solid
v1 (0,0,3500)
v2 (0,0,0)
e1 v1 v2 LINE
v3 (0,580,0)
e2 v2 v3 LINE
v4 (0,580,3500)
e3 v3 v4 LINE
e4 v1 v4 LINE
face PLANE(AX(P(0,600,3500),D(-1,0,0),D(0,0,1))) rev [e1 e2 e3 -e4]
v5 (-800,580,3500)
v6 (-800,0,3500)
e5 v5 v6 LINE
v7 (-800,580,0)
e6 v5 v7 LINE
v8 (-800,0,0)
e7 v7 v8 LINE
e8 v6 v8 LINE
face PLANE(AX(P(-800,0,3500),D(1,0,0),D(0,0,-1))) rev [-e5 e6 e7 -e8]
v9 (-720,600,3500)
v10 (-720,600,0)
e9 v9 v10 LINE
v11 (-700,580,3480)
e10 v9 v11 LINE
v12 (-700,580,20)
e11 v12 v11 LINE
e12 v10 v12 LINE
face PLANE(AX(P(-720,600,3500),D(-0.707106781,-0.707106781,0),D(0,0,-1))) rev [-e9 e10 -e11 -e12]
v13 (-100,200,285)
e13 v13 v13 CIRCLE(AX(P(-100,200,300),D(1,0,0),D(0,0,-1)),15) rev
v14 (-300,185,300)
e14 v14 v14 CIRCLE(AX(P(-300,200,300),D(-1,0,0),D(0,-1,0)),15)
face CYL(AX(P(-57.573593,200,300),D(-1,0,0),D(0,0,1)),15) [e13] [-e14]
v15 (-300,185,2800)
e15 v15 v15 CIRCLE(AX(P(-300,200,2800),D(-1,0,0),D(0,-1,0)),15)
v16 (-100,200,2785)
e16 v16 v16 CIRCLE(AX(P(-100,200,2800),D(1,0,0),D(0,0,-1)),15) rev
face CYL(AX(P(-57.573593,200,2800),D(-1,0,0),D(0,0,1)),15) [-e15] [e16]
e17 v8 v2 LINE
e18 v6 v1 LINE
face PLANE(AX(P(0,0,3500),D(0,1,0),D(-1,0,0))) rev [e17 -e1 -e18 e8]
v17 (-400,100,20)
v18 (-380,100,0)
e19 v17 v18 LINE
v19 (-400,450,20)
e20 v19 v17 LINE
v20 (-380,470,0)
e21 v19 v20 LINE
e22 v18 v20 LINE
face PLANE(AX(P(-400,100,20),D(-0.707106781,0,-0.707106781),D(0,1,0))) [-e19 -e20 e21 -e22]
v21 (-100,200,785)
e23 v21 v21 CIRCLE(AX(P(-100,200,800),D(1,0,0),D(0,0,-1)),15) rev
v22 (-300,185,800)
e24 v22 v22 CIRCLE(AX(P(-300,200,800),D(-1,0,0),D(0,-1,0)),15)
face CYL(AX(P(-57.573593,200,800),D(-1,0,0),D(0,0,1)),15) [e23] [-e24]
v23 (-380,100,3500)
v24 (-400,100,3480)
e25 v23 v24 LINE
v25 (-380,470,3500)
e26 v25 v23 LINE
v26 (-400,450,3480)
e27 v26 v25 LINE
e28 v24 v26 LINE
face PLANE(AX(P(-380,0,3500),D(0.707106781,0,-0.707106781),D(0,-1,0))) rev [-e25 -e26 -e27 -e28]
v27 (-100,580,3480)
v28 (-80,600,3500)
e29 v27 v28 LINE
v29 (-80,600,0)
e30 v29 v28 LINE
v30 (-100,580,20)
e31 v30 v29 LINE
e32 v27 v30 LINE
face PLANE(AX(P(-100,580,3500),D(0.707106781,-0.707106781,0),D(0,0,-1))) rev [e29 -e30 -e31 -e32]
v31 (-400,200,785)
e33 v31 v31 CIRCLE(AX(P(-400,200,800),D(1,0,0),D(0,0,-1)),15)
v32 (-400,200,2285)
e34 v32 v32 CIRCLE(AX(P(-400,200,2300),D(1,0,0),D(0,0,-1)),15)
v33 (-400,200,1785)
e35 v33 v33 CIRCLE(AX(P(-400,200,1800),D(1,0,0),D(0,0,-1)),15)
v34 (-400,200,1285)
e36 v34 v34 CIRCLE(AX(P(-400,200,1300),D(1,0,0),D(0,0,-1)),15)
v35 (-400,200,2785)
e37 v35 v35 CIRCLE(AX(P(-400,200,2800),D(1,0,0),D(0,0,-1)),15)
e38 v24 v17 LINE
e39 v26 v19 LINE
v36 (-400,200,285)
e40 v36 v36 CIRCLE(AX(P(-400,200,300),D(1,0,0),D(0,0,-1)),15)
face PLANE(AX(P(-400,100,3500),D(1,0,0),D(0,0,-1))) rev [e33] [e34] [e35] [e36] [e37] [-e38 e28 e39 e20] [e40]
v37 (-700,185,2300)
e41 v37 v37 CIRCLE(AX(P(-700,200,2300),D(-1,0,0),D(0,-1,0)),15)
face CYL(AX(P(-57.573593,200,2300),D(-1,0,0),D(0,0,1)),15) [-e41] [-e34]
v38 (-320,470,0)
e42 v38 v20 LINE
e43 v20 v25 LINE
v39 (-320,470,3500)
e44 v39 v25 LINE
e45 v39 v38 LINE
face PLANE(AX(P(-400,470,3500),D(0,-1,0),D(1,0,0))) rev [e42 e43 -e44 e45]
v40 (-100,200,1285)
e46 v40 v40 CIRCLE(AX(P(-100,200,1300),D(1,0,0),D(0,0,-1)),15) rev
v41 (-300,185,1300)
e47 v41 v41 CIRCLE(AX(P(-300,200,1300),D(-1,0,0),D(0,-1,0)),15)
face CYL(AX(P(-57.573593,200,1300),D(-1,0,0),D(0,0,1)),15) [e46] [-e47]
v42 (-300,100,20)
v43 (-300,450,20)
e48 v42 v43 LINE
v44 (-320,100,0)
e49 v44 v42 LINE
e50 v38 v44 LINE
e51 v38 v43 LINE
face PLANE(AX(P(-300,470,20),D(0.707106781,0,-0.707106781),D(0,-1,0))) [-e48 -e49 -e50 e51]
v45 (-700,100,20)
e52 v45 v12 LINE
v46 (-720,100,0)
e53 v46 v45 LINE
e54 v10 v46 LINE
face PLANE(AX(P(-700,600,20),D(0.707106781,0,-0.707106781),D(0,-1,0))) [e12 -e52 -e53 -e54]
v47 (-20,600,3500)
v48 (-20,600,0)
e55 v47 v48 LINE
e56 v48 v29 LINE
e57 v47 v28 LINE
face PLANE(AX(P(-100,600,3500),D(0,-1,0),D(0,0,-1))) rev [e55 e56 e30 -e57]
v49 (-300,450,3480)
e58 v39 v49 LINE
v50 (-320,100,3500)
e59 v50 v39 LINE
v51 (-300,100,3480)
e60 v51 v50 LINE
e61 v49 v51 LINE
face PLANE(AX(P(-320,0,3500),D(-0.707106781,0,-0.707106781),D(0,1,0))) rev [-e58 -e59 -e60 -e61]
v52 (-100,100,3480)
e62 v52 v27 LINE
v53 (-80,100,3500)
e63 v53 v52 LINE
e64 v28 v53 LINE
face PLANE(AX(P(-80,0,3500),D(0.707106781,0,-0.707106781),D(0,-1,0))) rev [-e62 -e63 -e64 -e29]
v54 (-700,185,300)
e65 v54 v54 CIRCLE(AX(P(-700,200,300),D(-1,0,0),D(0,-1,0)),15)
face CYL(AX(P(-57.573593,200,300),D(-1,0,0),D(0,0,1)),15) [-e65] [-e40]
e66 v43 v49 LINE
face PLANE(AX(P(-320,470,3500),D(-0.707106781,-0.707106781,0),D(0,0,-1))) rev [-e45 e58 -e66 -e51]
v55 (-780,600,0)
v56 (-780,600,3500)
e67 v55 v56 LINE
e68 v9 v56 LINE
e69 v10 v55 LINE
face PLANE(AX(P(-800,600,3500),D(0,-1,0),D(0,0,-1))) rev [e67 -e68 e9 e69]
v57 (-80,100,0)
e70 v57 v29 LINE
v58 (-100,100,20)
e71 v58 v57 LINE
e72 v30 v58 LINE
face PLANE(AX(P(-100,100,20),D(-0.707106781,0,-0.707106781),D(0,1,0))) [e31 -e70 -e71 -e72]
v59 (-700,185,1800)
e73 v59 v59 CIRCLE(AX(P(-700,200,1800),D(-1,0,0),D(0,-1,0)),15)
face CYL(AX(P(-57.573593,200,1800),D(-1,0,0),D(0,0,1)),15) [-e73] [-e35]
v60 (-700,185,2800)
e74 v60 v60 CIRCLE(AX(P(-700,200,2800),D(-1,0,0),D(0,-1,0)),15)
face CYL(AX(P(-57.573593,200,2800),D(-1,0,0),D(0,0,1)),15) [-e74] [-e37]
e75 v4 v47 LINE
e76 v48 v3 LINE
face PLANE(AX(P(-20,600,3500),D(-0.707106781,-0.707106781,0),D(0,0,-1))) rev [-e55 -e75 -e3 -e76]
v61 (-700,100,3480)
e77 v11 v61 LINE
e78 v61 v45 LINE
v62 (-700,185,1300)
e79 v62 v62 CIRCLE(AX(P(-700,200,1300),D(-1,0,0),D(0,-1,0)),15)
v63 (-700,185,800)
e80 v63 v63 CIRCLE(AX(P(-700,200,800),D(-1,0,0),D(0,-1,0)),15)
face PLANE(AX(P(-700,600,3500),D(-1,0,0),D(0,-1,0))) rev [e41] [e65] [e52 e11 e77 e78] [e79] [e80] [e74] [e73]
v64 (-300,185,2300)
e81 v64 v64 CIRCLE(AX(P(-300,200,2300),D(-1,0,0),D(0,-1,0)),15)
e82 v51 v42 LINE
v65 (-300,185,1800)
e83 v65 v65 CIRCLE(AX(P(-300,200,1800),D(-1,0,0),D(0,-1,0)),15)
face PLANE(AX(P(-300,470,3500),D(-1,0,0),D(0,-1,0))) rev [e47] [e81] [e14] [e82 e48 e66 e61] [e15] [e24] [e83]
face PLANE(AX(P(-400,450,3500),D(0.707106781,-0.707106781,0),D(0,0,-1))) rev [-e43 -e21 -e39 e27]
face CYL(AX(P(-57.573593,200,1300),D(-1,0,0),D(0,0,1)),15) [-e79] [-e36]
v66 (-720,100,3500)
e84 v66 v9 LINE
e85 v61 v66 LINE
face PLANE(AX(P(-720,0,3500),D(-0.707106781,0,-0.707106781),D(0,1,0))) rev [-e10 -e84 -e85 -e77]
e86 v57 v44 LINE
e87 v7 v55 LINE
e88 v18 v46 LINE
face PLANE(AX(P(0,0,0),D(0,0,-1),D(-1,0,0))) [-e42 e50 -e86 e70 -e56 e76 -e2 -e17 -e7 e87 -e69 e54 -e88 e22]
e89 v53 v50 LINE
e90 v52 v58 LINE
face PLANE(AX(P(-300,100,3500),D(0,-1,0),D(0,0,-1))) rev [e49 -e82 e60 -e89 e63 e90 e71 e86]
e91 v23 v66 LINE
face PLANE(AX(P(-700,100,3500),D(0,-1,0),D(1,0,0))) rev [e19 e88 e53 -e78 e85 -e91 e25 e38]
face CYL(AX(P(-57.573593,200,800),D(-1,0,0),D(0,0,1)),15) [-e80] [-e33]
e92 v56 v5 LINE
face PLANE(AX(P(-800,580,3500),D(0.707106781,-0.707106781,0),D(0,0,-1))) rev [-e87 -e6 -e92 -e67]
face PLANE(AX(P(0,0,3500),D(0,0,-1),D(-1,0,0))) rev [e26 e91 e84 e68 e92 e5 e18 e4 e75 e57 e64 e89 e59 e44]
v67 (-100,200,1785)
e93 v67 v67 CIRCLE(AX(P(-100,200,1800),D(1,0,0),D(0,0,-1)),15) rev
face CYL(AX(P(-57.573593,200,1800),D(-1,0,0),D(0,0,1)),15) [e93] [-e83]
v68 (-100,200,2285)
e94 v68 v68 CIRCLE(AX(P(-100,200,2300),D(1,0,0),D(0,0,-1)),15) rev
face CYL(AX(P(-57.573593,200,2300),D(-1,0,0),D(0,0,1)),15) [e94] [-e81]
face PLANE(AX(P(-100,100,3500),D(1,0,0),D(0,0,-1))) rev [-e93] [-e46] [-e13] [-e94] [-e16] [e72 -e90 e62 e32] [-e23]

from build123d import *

# Parameters (mm, degrees)
SALIENTE_EXTRUIR1_DEPTH = 3500
CHAFL_N2_SIZE           = 20
SALIENTE_EXTRUIR2_REACH = 3642.055
CROQUIS2_R              = 15
MATRIZL1_COUNT          = 6
MATRIZL1_PITCH          = 500


with BuildPart() as part:
    # Croquis1 → Saliente-Extruir1 (new body)
    with BuildSketch(Plane.XY):
        Polygon((0, 0), (-800, 0), (-800, 600), (-700, 600), (-700, 100), (-400, 100), (-400, 470), (-300, 470), (-300, 100), (-100, 100), (-100, 600), (0, 600), align=None)
    extrude(amount=SALIENTE_EXTRUIR1_DEPTH)

    # Chaflán2
    chafl_n2_edges = [part.edges().sort_by_distance(p)[0] for p in [
        (-100, 350, 3500),
        (-700, 350, 0),
        (-400, 285, 0),
        (-300, 285, 0),
        (-100, 350, 0),
        (-300, 285, 3500),
        (-800, 600, 1750),
        (-700, 600, 1750),
        (-400, 470, 1750),
        (-300, 470, 1750),
        (-100, 600, 1750),
        (0, 600, 1750),
        (-400, 285, 3500),
        (-700, 350, 3500),
    ]]
    chamfer(chafl_n2_edges, length=CHAFL_N2_SIZE)

    # Saliente-Extruir2: up to this face of the body (flat: up to its plane)
    saliente_extruir2_end = Plane(part.part.faces().sort_by_distance((-100, 340, 1750))[0])
    # Croquis2 → Saliente-Extruir2 (add, up to the picked face)
    with BuildSketch(Plane.ZY.offset(800), mode=Mode.PRIVATE) as saliente_extruir2_sk1:
        with Locations(Location((300, 200, 0), (0, 0, 270))):
            Circle(CROQUIS2_R)
    saliente_extruir2_tool1 = split(extrude(saliente_extruir2_sk1.sketch, amount=-SALIENTE_EXTRUIR2_REACH, mode=Mode.PRIVATE), bisect_by=saliente_extruir2_end, keep=Keep.BOTH, mode=Mode.PRIVATE)
    saliente_extruir2 = saliente_extruir2_tool1.solids().sort_by(Axis((-800, 200, 300), (1, 0, 0)))[0]
    add(saliente_extruir2)

    # MatrizL1: Saliente-Extruir2 ×6
    with Locations(*[(0, 0, i * MATRIZL1_PITCH) for i in range(1, MATRIZL1_COUNT)]):
        add(saliente_extruir2)


solid = part.part
